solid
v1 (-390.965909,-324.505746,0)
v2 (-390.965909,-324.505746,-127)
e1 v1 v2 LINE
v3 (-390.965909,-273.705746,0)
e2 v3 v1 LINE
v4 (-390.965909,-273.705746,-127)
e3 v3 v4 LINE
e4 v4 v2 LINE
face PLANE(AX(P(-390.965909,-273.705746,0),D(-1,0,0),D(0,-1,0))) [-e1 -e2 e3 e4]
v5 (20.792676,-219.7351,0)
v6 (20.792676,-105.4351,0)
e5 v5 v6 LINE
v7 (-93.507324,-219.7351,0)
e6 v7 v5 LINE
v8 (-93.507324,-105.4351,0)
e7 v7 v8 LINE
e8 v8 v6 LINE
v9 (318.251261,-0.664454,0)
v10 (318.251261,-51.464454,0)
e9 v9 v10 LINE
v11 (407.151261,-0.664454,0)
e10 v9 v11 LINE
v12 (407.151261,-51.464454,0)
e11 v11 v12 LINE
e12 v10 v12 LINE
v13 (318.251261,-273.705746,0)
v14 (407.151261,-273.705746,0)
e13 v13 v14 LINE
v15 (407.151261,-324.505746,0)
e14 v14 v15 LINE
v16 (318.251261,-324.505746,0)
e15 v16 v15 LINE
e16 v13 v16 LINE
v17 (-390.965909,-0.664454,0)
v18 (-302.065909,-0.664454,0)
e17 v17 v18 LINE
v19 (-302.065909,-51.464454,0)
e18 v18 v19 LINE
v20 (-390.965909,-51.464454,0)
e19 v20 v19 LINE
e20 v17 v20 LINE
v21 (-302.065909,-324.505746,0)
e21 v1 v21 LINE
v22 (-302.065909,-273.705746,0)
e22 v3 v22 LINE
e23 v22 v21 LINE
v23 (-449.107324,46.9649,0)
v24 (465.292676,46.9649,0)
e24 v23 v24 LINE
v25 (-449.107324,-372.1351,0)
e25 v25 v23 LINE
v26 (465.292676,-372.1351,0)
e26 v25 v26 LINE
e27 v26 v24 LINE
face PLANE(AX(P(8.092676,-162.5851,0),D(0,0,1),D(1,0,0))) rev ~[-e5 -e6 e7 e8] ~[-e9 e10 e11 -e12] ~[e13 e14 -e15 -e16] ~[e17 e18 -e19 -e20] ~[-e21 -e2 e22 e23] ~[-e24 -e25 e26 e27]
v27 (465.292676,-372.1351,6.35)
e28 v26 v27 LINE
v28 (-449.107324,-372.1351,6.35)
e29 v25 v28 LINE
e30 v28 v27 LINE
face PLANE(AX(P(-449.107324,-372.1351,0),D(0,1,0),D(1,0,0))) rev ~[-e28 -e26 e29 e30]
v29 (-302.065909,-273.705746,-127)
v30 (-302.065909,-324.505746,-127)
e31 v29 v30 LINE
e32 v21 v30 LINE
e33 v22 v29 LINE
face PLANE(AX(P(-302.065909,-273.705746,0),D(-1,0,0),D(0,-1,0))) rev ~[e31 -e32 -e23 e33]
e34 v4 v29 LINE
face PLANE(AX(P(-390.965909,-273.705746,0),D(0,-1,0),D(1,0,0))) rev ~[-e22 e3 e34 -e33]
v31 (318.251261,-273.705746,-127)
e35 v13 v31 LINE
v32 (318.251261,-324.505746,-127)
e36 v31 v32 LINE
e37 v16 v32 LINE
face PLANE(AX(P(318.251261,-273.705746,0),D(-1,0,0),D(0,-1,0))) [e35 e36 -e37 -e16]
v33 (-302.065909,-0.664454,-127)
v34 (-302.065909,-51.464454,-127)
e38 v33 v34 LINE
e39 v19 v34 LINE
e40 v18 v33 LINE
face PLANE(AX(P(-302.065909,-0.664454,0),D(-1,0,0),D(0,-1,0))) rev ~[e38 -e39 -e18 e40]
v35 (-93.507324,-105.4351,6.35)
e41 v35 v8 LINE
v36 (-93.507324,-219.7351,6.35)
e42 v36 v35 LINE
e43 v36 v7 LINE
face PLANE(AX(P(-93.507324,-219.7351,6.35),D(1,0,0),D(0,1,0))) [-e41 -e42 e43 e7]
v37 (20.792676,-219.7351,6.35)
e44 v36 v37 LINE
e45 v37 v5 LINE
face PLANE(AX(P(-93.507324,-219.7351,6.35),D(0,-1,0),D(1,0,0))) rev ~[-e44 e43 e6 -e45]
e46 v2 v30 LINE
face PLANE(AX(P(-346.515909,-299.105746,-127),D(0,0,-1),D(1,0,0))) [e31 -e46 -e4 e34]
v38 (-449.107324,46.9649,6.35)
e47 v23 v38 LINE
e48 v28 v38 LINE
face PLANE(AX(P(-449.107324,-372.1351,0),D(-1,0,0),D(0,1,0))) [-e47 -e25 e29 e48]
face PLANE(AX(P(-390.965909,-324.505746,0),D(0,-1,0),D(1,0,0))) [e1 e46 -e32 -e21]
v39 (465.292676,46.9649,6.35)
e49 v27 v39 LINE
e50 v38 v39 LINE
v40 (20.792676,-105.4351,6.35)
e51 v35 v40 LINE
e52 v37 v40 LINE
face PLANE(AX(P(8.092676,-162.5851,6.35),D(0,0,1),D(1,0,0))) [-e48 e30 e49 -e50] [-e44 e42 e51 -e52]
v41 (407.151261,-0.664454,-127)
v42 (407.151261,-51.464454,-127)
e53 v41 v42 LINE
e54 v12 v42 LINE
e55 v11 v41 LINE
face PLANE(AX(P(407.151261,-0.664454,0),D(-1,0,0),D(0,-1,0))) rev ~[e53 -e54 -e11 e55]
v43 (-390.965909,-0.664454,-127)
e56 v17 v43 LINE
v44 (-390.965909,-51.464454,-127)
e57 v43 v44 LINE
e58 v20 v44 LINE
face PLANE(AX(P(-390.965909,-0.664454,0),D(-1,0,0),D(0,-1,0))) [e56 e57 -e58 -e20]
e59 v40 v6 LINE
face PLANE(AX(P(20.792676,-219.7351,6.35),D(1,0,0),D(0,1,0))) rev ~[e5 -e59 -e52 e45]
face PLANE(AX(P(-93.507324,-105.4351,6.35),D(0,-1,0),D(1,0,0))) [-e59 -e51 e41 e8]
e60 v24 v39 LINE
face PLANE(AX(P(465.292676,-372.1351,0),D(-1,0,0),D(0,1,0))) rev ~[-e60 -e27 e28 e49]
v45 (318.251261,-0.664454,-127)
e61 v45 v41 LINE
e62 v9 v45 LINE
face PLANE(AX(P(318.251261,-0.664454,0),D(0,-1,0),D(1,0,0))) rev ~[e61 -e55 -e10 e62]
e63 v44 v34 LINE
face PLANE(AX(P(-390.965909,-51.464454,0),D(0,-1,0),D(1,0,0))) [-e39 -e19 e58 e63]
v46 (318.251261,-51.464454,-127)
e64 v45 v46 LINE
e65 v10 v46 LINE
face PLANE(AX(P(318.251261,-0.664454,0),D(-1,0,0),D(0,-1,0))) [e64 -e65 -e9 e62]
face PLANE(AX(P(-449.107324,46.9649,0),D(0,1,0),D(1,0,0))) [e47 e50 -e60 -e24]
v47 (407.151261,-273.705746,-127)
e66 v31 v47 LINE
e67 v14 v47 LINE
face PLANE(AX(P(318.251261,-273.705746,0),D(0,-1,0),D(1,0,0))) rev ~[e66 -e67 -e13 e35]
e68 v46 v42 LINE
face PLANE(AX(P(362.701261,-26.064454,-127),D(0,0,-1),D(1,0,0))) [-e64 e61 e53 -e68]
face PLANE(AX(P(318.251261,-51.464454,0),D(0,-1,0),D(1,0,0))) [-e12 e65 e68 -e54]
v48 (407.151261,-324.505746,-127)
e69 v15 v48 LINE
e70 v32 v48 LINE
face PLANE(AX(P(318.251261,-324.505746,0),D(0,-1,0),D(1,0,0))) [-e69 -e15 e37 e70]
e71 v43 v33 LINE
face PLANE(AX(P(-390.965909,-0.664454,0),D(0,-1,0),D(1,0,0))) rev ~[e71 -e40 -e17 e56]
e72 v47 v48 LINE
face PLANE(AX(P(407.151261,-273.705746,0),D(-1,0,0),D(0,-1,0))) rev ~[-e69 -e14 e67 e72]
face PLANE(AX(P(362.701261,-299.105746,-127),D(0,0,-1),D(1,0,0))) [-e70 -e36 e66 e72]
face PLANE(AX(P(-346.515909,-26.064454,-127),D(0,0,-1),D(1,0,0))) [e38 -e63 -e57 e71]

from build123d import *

# Parameters (mm, degrees)
F0_W     = 914.4
F0_H     = 419.1
F1_DEPTH = 6.35
F2_W     = 88.9
F2_H     = 50.8
F3_DEPTH = 127
F4_W     = 114.3
F4_H     = 114.3
F5_DEPTH = 6.35


with BuildPart() as f1:
    # F0 (on Top) → F1 (new body)
    with BuildSketch(Plane.XY):
        with Locations((8.092676, -162.5851)):
            Rectangle(F0_W, F0_H)
    extrude(amount=F1_DEPTH)

    # F2 (on face) → F3 (join)
    with BuildSketch(Plane(origin=(0, 0, 0), x_dir=(1, 0, 0), z_dir=(0, 0, -1))):
        with Locations((-346.515909, 299.105746)):
            Rectangle(F2_W, F2_H)
        with Locations((-346.515909, 26.064454)):
            Rectangle(F2_W, F2_H)
        with Locations((362.701261, 299.105746)):
            Rectangle(F2_W, F2_H)
        with Locations((362.701261, 26.064454)):
            Rectangle(F2_W, F2_H)
    extrude(amount=F3_DEPTH)

    # F4 (on face) → F5 (cut)
    with BuildSketch(Plane.XY.offset(6.35)):
        with Locations((-36.357324, -162.5851)):
            Rectangle(F4_W, F4_H)
    extrude(amount=-F5_DEPTH, mode=Mode.SUBTRACT)


solid = f1.part
